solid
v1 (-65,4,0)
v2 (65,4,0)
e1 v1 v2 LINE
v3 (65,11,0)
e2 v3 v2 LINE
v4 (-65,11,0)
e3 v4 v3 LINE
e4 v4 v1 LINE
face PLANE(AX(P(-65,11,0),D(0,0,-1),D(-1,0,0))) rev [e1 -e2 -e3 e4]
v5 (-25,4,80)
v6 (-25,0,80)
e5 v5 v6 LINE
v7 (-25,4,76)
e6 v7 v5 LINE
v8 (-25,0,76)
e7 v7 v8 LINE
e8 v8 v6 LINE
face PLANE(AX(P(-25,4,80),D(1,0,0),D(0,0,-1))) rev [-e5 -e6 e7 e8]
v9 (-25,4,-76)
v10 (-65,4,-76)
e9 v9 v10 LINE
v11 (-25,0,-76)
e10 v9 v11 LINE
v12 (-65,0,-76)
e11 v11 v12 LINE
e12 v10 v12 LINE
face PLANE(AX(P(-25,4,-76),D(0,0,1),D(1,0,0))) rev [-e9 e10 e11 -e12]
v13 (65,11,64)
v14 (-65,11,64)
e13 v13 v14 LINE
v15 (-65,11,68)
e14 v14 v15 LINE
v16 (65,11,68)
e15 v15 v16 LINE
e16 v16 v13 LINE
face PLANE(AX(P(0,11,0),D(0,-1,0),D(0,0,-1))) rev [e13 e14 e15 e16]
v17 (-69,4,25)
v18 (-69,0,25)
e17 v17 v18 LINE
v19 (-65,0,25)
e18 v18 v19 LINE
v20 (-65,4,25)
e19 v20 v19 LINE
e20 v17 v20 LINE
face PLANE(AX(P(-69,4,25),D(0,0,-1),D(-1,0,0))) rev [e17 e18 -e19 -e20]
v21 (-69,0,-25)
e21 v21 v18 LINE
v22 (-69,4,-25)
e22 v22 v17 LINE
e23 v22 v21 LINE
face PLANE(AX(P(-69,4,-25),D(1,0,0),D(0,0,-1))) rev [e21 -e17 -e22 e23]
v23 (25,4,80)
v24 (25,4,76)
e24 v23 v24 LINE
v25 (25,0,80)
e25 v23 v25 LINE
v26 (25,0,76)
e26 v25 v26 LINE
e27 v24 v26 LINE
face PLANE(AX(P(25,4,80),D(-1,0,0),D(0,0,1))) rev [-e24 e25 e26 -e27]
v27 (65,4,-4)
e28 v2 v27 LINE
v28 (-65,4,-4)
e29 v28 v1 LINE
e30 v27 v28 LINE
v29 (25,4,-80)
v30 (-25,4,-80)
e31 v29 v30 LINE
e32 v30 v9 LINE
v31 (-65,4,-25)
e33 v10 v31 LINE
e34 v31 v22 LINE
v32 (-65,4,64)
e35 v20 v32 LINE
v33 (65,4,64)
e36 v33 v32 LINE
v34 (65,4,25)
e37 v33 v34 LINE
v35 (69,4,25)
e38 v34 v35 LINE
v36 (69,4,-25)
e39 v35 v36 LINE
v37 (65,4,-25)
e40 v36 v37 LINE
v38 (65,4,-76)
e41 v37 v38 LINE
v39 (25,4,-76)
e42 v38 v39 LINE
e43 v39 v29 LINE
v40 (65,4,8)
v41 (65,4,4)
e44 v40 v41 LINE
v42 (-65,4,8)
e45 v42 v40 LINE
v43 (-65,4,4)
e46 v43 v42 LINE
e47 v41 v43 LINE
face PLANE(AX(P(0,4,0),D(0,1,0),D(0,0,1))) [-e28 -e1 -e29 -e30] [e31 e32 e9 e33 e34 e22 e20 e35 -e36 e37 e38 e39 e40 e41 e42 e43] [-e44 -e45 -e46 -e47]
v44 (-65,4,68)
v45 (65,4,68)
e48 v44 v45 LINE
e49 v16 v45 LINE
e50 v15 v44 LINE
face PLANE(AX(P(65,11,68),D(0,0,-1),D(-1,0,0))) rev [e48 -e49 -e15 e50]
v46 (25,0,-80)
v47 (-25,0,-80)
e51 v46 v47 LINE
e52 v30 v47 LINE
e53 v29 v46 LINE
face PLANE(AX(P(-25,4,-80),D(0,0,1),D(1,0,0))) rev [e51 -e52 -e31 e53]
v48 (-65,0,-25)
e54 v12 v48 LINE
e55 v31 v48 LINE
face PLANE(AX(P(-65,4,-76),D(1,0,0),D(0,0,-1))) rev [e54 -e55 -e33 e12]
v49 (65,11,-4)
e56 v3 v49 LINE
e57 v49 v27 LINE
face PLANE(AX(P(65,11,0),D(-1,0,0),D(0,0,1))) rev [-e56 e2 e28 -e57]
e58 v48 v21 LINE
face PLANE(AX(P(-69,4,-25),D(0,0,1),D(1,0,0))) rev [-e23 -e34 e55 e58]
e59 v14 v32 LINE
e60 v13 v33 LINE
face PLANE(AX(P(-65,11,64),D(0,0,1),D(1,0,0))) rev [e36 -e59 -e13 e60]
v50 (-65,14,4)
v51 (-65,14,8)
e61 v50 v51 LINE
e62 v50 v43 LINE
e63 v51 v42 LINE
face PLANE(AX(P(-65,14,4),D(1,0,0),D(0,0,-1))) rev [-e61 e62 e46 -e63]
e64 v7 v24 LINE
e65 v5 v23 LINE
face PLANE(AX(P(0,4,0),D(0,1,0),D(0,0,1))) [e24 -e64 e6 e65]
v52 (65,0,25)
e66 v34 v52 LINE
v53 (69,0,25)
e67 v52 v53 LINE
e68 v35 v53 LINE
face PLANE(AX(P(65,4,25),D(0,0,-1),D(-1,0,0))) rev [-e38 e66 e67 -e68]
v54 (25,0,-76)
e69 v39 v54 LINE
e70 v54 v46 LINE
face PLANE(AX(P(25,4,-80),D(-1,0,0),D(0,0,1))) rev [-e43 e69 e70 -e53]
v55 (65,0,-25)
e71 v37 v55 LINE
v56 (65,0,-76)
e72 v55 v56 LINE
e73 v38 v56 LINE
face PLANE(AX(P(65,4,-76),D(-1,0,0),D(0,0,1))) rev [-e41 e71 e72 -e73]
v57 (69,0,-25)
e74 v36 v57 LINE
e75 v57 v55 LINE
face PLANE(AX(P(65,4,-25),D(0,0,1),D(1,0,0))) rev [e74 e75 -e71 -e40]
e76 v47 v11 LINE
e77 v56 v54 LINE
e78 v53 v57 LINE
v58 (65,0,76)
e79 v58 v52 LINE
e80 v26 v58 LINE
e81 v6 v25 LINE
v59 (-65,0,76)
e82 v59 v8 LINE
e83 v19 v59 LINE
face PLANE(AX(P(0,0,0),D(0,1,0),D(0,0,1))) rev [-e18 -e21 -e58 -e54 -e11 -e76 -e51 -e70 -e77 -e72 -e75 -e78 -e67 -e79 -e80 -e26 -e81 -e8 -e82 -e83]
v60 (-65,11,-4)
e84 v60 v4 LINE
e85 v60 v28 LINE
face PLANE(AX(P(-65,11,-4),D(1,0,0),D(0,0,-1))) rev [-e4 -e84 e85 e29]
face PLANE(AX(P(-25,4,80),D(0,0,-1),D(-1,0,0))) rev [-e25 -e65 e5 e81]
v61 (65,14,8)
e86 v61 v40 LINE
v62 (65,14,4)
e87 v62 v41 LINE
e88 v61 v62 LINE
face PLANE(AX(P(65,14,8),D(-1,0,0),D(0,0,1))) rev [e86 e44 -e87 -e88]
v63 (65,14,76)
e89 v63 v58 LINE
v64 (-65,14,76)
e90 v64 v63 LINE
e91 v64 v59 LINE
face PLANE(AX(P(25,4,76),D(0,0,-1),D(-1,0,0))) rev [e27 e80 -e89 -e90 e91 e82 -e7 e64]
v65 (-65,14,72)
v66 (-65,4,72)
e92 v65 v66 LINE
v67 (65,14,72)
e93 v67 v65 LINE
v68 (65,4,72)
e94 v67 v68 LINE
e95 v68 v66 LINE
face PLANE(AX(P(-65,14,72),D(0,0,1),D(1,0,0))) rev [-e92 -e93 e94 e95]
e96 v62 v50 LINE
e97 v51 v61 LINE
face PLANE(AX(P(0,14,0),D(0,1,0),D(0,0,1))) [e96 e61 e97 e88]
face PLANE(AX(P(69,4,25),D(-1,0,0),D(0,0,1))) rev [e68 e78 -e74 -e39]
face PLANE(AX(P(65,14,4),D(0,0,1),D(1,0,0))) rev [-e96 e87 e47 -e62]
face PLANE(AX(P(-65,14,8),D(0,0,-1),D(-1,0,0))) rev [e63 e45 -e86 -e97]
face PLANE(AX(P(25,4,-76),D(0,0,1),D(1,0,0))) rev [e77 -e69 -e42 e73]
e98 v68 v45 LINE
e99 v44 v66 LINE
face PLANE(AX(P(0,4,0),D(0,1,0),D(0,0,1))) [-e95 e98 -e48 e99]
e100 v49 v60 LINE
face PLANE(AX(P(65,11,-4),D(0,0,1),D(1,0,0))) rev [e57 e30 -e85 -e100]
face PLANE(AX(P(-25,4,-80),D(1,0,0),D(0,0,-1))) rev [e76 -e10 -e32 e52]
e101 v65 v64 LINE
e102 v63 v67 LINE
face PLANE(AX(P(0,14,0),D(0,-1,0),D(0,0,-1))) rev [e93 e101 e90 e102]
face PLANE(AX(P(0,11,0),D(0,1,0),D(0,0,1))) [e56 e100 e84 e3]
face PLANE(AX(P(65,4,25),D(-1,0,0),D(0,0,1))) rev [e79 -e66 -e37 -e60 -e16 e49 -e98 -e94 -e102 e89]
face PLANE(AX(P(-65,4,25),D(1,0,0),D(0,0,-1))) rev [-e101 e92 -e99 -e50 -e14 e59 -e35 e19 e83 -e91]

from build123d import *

# Parameters (mm, degrees)
BOSS_EXTRUDE1_DEPTH = 4
SKETCH4_W           = 130
SKETCH4_H           = 4
BOSS_EXTRUDE2_DEPTH = 10
SKETCH5_W           = 130
SKETCH5_H           = 4
BOSS_EXTRUDE3_DEPTH = 7
SKETCH6_W           = 130
SKETCH6_H           = 4
BOSS_EXTRUDE4_DEPTH = 10
SKETCH7_W           = 130
SKETCH7_H           = 4
BOSS_EXTRUDE5_DEPTH = 7


with BuildPart() as part:
    # Sketch3 → Boss-Extrude1 (new body)
    with BuildSketch(Plane(origin=(0, 0, 0), x_dir=(1, 0, 0), z_dir=(0, 1, 0))):
        Polygon((-25, 80), (25, 80), (25, 76), (65, 76), (65, 25), (69, 25), (69, -25), (65, -25), (65, -76), (25, -76), (25, -80), (-25, -80), (-25, -76), (-65, -76), (-65, -25), (-69, -25), (-69, 25), (-65, 25), (-65, 76), (-25, 76), align=None)
    extrude(amount=BOSS_EXTRUDE1_DEPTH)

    # Sketch4 → Boss-Extrude2 (add)
    with BuildSketch(Plane(origin=(0, 4, 0), x_dir=(1, 0, 0), z_dir=(0, 1, 0))):
        with Locations((0, -74)):
            Rectangle(SKETCH4_W, SKETCH4_H)
    extrude(amount=BOSS_EXTRUDE2_DEPTH)

    # Sketch5 → Boss-Extrude3 (add)
    with BuildSketch(Plane(origin=(0, 4, 0), x_dir=(1, 0, 0), z_dir=(0, 1, 0))):
        with Locations((0, -66)):
            Rectangle(SKETCH5_W, SKETCH5_H)
    extrude(amount=BOSS_EXTRUDE3_DEPTH)

    # Sketch6 → Boss-Extrude4 (add)
    with BuildSketch(Plane(origin=(0, 4, 0), x_dir=(1, 0, 0), z_dir=(0, 1, 0))):
        with Locations((0, -6)):
            Rectangle(SKETCH6_W, SKETCH6_H)
    extrude(amount=BOSS_EXTRUDE4_DEPTH)

    # Sketch7 → Boss-Extrude5 (add)
    with BuildSketch(Plane(origin=(0, 4, 0), x_dir=(1, 0, 0), z_dir=(0, 1, 0))):
        with Locations((0, 2)):
            Rectangle(SKETCH7_W, SKETCH7_H)
    extrude(amount=BOSS_EXTRUDE5_DEPTH)


solid = part.part
